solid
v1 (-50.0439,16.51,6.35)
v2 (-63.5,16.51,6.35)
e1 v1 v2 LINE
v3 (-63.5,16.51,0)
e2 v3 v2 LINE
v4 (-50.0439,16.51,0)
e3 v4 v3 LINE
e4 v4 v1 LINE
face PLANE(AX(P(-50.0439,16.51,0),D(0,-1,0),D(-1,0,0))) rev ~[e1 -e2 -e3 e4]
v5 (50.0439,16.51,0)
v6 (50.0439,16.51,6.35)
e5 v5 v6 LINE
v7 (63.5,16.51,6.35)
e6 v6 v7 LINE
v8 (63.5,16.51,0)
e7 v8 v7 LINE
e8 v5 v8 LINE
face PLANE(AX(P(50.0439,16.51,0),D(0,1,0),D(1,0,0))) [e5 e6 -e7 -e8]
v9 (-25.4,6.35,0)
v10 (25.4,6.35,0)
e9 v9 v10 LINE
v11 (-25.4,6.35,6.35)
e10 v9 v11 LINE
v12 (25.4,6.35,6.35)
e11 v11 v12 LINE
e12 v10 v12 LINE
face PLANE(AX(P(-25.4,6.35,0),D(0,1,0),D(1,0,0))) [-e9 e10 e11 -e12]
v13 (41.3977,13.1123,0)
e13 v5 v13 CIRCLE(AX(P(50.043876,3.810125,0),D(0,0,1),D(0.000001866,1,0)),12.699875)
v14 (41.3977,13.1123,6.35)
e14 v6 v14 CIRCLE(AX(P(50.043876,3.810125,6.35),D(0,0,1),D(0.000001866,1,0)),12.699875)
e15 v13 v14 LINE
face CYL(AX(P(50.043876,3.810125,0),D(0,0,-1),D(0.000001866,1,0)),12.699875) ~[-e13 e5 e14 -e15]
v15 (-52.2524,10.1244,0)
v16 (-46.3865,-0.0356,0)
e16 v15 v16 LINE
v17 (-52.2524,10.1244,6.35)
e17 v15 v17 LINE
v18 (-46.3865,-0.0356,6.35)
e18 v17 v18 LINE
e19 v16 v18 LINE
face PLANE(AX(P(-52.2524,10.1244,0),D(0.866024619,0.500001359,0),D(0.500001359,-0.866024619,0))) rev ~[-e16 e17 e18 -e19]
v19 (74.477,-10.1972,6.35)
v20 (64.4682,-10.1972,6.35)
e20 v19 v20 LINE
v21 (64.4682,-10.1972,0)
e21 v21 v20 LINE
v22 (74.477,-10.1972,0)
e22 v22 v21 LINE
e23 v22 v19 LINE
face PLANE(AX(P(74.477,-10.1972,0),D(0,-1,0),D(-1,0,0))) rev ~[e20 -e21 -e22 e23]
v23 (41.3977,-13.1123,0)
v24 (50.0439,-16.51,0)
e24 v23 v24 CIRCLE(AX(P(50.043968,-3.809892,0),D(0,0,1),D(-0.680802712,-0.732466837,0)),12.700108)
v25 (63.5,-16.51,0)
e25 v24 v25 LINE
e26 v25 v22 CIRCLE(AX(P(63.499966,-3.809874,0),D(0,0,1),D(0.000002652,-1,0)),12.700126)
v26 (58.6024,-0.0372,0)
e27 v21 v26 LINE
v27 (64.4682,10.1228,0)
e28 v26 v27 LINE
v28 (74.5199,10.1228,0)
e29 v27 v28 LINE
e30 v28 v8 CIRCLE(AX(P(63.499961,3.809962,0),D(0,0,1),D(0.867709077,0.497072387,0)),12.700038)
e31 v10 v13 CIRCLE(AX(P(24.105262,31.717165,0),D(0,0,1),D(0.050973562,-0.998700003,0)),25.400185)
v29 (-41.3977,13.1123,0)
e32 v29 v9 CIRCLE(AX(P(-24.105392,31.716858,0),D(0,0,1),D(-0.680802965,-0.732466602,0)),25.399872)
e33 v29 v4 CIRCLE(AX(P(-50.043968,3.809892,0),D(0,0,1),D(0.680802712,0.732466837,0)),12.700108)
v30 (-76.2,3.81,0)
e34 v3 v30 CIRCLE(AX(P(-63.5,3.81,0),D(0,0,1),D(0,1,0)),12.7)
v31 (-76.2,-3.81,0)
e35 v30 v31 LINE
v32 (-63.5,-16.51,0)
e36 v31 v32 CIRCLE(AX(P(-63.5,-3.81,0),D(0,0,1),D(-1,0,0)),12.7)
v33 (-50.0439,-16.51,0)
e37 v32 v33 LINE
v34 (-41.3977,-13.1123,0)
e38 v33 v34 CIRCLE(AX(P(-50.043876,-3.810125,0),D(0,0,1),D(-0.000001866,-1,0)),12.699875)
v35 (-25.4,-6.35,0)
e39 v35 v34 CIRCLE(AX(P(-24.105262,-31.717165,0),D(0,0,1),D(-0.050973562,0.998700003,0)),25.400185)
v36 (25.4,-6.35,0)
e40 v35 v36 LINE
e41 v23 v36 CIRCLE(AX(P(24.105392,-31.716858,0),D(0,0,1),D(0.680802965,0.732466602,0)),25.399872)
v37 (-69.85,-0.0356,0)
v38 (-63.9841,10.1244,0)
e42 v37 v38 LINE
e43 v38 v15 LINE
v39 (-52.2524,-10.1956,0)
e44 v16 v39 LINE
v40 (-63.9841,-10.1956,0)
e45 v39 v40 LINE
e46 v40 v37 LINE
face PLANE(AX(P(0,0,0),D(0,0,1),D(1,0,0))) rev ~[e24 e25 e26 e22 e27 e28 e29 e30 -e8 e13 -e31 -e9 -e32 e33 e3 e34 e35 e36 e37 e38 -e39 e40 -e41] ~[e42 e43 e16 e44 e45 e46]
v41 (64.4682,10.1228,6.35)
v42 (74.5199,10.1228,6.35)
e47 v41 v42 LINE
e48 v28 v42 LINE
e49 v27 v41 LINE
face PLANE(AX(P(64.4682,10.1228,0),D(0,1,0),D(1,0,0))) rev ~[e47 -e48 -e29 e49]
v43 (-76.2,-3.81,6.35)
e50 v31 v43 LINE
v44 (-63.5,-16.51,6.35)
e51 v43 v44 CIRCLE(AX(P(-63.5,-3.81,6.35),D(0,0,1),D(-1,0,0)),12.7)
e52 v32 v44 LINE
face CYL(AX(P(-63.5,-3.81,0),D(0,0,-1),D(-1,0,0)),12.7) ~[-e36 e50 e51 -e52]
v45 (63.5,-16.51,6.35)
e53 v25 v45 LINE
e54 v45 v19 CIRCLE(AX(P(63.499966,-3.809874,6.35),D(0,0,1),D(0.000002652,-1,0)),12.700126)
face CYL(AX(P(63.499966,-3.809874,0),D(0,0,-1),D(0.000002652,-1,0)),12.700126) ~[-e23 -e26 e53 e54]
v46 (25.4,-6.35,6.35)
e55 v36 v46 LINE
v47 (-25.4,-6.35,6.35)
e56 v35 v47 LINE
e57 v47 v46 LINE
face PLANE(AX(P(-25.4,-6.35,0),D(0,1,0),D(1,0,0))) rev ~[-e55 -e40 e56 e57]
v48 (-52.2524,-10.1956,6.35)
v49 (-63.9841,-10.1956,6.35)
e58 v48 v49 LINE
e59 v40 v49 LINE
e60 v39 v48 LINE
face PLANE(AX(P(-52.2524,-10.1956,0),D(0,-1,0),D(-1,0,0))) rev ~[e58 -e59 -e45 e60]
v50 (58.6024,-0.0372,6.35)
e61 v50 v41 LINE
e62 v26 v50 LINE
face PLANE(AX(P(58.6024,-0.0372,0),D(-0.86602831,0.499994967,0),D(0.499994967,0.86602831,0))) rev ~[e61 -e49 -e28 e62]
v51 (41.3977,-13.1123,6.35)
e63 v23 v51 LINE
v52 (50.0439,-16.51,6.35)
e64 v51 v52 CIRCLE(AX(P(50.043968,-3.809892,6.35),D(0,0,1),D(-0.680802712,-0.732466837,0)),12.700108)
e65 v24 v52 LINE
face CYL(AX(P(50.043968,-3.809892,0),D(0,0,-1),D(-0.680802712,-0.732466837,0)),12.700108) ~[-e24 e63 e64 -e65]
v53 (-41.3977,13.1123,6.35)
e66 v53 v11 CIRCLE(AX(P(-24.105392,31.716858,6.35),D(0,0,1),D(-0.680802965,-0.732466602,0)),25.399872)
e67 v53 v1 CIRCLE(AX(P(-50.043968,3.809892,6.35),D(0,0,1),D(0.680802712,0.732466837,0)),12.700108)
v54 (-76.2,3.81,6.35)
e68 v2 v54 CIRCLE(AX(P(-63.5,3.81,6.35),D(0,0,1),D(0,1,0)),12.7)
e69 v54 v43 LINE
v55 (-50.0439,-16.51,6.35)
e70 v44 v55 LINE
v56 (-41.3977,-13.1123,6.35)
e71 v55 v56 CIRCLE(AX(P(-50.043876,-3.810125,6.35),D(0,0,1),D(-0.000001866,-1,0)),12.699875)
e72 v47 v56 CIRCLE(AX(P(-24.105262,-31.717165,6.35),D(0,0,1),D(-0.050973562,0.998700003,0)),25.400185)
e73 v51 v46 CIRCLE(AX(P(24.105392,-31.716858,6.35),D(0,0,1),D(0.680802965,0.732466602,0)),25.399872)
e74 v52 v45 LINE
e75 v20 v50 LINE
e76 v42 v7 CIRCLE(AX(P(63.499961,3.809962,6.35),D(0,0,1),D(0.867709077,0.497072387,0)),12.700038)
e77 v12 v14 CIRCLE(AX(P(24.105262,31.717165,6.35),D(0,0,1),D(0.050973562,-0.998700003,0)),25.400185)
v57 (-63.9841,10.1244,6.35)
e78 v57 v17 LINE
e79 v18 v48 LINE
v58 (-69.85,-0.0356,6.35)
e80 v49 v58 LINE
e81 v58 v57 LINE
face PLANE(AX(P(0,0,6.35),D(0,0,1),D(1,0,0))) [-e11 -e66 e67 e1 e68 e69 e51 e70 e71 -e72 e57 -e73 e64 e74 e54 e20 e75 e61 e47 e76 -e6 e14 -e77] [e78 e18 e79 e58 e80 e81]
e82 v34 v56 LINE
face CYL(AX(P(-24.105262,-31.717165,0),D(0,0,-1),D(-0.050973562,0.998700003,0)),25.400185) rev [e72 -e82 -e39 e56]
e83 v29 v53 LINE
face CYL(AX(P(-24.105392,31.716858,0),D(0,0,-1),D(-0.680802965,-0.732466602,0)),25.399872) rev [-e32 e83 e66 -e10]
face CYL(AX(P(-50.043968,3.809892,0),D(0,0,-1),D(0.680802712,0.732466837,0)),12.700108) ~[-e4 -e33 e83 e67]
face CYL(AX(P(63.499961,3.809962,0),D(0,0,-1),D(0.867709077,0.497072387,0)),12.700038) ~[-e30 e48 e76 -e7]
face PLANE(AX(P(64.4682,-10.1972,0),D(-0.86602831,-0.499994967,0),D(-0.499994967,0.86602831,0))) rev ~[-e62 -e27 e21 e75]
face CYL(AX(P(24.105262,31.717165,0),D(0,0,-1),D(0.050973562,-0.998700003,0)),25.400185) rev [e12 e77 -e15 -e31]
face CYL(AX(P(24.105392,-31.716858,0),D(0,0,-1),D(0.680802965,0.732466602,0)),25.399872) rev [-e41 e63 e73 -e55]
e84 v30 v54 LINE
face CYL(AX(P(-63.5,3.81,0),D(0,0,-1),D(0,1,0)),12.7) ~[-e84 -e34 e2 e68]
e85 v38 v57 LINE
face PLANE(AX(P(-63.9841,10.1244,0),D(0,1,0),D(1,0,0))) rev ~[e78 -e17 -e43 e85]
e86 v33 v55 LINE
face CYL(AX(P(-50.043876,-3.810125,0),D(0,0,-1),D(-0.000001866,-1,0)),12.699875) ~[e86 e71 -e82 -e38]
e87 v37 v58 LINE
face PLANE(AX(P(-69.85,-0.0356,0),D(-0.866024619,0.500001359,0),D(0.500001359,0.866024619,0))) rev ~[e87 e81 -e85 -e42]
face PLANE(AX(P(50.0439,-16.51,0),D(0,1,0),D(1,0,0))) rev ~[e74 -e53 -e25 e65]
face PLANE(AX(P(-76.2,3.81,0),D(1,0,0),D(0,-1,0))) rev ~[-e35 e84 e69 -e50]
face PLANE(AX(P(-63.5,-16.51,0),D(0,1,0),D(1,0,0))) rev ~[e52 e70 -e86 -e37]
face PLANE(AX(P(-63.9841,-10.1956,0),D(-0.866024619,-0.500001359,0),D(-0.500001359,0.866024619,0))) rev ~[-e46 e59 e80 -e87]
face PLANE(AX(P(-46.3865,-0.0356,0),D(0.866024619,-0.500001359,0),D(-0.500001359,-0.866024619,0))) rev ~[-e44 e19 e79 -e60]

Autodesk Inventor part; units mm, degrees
ref_plane "YZ Plane" through (0, 0, 0) normal (1, 0, 0) x (0, 1, 0)
ref_plane "XZ Plane" through (0, 0, 0) normal (0, 1, 0) x (-1, 0, 0)
ref_plane "XY Plane" through (0, 0, 0) normal (0, 0, 1) x (1, 0, 0)
sketch "Sketch1" plane through (0, 0, 0) normal (0, 0, 1) x (1, 0, 0)
  line L0 (-50.0439, 16.51) -> (-63.5, 16.51)
  line L1 (-76.2, 3.81) -> (-76.2, -3.81)
  line L2 (-76.2, -16.51) -> (76.2, 16.51) construction
  line L3 (76.2, -16.51) -> (-76.2, 16.51) construction
  line L4 (-52.2524, 10.1244) -> (-46.3865, -0.0356)
  line L5 (-46.3865, -0.0356) -> (-52.2524, -10.1956)
  line L6 (-52.2524, -10.1956) -> (-63.9841, -10.1956)
  line L7 (-63.9841, -10.1956) -> (-69.85, -0.0356)
  line L8 (-69.85, -0.0356) -> (-63.9841, 10.1244)
  line L9 (-63.9841, 10.1244) -> (-52.2524, 10.1244)
  line L10 (76.2009, -10.1956) -> (76.2, -10.1972)
  line L11 (74.477, -10.1972) -> (64.4682, -10.1972)
  line L12 (64.4682, -10.1972) -> (58.6024, -0.0372)
  line L13 (58.6024, -0.0372) -> (64.4682, 10.1228)
  line L14 (64.4682, 10.1228) -> (74.5199, 10.1228)
  line L15 (-25.4, -6.35) -> (25.4, -6.35) construction
  line L16 (25.4, -6.35) -> (25.4, 6.35) construction
  line L17 (25.4, 6.35) -> (-25.4, 6.35) construction
  line L18 (-25.4, 6.35) -> (-25.4, -6.35) construction
  line L19 (-25.4, -6.35) -> (25.4, 6.35) construction
  line L20 (25.4, -6.35) -> (-25.4, 6.35) construction
  line L21 (-44.45, 16.51) -> (-44.45, -16.51) construction
  line L22 (44.45, 16.51) -> (44.45, -16.51) construction
  arc A0 (-41.3977, 13.1123) -> (-25.4, 6.35) centre (-24.1053, 31.717) ccw
  arc A1 (-25.4, -6.35) -> (-41.3977, -13.1123) centre (-24.1053, -31.717) ccw
  arc A2 (25.4, 6.35) -> (41.3977, 13.1123) centre (24.1053, 31.717) ccw
  arc A3 (41.3977, -13.1123) -> (25.4, -6.35) centre (24.1053, -31.717) ccw
  line L23 (-25.4, 6.35) -> (25.4, 6.35)
  line L24 (-25.4, -6.35) -> (25.4, -6.35)
  arc A4 (-41.3977, 13.1123) -> (-50.0439, 16.51) centre (-50.0439, 3.81) ccw
  line L25 (-63.5, -16.51) -> (-50.0439, -16.51)
  line L26 (50.0439, -16.51) -> (63.5, -16.51)
  arc A5 (-50.0439, -16.51) -> (-41.3977, -13.1123) centre (-50.0439, -3.81) ccw
  arc A6 (41.3977, -13.1123) -> (50.0439, -16.51) centre (50.0439, -3.81) ccw
  line L27 (50.0439, 16.51) -> (63.5, 16.51)
  arc A7 (50.0439, 16.51) -> (41.3977, 13.1123) centre (50.0439, 3.81) ccw
  arc A8 (41.3977, -13.1123) -> (50.0439, -16.51) centre (50.0439, -3.81) ccw
  arc A9 (-63.5, 16.51) -> (-76.2, 3.81) centre (-63.5, 3.81) ccw
  arc A10 (-76.2, -3.81) -> (-63.5, -16.51) centre (-63.5, -3.81) ccw
  arc A11 (63.5, -16.51) -> (74.477, -10.1972) centre (63.5, -3.81) ccw
  arc A12 (74.5199, 10.1228) -> (63.5, 16.51) centre (63.5, 3.81) ccw
  line L28 (76.2, -10.1972) -> (76.2, -10.1956) construction
  line L29 (76.2, -10.1956) -> (76.2, -10.1972)
  point P0 (0, 0)
  point P1 (-58.1182, -0.0356)
  point P2 (70.3341, -0.0372)
  point P3 (76.2, 6.35)
  point P4 (41.3977, -13.1123)
  point P5 (50.0439, -16.51)
  dimension "totalLength" = 152.4
  dimension "maxWidth" = 33.02
  dimension "boltWidth" = 20.32
  dimension "d3" = 6.35
  dimension "d4" = 20.32
  dimension "handleLength" = 50.8
  dimension "handleWidth" = 12.7
  dimension "endOfHandle" = 44.45
  dimension "d8" = 44.45
  dimension "arcRadius" = 25.4
  dimension "d10" = 25.4
  dimension "d11" = 25.4
  dimension "outerFillet" = 12.7
  dimension "d15" = 12.7
  dimension "d16" = 12.7
  dimension "d17" = 12.7
extrude "Extrusion1" add sketch "Sketch1" along normal blind 6.35
equation "\"maxWidth\" = boltWidth + 2 * minWallThickness"
equation "\"boltWidth\" = boltSize + boltGap"
equation "\"d3\" = minWallThickness"
equation "\"d4\" = boltWidth"
equation "\"endOfHandle\" = 0.5 * handleLength + boltSize"
equation "\"d8\" = endOfHandle"
equation "\"d15\" = outerFillet"
equation "\"d16\" = outerFillet"
equation "\"d17\" = outerFillet"
equation "\"d18\" = minWallThickness"
equation "\"minWallThickness\" = 6.35"
equation "\"boltGap\" = 1.27"
equation "\"boltSize\" = 19.05"
properties part number "3_4_inchWrenchV01"
